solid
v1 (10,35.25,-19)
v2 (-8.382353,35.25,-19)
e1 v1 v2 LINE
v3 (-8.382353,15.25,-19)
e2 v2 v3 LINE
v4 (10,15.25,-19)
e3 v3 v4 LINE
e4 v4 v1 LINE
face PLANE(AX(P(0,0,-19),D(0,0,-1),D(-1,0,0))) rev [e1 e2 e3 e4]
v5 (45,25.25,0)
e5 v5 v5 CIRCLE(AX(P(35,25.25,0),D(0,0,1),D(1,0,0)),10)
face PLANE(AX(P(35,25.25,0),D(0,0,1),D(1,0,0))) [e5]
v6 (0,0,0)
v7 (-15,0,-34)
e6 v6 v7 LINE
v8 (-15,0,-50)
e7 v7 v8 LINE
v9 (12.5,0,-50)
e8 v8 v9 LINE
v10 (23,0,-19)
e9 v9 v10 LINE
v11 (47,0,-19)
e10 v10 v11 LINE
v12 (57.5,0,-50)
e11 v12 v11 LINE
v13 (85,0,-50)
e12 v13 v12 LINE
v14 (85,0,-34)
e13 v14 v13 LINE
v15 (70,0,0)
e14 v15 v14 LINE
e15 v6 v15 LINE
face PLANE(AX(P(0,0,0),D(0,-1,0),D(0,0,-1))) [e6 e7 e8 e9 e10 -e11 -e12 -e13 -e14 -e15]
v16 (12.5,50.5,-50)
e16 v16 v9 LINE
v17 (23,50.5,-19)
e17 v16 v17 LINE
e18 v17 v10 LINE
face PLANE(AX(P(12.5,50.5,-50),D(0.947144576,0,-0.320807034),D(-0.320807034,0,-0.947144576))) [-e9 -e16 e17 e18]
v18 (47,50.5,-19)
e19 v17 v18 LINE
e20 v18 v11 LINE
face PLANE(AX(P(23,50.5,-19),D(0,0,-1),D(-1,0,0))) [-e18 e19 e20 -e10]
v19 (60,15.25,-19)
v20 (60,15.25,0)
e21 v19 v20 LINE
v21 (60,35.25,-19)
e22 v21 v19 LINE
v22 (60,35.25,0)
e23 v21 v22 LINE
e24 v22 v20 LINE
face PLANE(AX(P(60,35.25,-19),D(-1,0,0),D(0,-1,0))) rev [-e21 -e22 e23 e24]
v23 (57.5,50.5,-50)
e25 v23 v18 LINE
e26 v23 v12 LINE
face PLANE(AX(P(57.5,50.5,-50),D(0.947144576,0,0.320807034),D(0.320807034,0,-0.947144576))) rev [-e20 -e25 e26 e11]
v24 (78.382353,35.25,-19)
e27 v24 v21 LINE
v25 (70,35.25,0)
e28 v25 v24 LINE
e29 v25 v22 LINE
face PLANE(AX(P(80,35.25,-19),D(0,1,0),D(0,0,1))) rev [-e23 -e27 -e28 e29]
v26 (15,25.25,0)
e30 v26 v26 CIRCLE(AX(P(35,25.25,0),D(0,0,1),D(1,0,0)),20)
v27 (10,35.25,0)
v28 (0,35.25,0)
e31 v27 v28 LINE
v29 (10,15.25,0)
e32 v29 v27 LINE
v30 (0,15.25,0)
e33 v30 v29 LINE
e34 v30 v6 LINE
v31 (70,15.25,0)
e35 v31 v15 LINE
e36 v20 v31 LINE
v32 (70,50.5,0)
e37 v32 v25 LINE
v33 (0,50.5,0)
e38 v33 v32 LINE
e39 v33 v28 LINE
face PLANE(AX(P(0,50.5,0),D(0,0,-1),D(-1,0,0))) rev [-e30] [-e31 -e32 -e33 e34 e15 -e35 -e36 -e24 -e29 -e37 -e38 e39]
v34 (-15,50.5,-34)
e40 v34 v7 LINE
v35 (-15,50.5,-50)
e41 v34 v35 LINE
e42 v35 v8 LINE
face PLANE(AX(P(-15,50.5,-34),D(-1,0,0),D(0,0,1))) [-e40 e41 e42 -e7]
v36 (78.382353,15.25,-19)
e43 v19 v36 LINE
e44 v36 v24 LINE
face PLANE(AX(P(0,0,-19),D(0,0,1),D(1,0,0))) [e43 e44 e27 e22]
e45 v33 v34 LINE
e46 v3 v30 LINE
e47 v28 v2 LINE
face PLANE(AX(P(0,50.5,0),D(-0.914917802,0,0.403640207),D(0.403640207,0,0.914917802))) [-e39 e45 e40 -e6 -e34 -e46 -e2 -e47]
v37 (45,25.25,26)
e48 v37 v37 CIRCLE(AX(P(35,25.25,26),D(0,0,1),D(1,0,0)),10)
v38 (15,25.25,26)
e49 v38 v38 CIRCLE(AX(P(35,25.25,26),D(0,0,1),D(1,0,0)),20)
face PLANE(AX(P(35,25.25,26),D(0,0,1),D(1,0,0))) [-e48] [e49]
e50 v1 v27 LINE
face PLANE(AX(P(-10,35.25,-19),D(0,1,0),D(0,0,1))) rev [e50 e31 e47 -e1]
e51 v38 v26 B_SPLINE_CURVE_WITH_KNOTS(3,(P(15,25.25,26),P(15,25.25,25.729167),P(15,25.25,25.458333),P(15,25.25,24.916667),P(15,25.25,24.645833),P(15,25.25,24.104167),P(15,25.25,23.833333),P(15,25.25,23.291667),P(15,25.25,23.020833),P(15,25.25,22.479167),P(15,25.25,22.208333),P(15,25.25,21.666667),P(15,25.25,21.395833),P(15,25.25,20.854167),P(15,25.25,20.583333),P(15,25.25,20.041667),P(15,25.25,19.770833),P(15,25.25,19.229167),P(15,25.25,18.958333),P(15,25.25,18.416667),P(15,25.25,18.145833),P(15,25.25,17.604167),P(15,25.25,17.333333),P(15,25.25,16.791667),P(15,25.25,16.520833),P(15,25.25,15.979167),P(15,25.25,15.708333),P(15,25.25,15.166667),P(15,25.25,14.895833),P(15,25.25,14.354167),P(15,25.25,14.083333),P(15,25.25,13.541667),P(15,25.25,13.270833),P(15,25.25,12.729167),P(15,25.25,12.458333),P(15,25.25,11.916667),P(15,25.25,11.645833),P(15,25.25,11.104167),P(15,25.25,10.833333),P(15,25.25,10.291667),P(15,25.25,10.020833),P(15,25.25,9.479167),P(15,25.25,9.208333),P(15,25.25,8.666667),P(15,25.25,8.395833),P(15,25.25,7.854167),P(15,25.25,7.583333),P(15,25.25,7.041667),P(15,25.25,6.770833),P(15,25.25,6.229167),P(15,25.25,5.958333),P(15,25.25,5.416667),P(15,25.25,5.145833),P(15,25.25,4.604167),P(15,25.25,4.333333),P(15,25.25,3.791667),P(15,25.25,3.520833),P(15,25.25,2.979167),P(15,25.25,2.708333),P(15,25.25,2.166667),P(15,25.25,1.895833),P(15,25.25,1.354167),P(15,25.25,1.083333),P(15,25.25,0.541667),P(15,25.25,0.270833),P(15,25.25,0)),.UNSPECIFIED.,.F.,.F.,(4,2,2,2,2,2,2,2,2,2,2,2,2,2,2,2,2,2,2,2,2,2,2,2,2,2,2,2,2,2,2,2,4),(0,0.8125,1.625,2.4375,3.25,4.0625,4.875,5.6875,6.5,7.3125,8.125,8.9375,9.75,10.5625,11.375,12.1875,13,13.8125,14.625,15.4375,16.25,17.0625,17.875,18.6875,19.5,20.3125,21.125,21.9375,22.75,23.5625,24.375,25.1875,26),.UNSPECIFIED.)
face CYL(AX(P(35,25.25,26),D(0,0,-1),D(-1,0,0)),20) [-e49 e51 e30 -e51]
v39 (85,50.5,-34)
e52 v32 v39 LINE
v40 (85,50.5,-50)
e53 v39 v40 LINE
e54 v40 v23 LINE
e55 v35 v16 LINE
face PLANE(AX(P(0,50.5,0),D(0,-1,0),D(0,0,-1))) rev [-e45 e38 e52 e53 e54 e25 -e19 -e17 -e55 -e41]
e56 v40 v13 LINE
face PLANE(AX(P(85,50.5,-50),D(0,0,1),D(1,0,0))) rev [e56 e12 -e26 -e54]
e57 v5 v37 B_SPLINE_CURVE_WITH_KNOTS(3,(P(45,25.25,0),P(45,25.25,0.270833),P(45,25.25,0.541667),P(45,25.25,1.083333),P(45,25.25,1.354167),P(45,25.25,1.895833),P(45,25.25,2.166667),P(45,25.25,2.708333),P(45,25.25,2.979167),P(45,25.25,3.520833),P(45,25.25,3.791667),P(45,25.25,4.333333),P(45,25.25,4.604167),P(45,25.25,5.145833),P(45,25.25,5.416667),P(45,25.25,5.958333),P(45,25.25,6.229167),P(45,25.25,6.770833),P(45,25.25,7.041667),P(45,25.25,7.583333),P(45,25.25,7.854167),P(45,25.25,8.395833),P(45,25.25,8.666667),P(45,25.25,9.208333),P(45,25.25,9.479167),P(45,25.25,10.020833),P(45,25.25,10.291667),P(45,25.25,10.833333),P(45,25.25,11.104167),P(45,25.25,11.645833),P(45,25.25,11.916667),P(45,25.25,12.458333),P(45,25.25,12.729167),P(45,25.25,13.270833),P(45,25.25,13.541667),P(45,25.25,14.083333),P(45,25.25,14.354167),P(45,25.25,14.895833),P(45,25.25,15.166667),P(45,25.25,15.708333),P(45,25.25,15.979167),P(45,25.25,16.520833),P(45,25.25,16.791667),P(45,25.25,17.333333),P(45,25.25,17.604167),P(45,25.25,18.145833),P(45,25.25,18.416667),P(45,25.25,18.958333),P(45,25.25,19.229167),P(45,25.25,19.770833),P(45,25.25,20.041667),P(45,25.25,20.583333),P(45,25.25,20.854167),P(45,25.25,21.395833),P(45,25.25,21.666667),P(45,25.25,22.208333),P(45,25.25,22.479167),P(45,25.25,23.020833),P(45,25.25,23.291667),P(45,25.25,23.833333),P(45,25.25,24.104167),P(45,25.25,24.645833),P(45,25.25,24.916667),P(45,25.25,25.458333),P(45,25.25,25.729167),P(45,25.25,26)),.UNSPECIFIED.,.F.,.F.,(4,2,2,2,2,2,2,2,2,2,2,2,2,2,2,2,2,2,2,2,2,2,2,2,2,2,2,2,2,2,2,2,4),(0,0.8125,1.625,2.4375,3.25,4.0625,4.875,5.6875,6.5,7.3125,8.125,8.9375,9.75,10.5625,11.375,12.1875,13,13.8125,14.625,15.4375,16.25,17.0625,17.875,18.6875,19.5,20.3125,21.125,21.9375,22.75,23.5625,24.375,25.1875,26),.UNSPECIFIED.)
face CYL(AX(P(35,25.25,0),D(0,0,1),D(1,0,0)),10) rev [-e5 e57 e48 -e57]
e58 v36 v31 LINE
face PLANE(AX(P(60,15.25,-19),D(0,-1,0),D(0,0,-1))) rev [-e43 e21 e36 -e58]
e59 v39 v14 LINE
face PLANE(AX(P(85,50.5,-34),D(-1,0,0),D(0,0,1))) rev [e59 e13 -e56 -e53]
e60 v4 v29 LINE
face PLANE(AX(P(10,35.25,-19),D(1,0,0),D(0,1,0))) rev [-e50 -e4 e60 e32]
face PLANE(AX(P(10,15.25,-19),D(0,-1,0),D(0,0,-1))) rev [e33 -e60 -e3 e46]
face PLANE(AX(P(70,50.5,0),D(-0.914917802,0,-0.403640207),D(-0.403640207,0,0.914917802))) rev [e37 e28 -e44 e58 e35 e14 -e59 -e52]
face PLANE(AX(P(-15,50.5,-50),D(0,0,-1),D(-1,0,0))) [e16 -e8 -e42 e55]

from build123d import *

# Parameters (mm, degrees)
BOSS_EXTRUDE3_DEPTH = 50.5
SKETCH6_R           = 20
BOSS_EXTRUDE4_DEPTH = 26
SKETCH7_R           = 10
CUT_EXTRUDE1_DEPTH  = 26
CUT_EXTRUDE2_DEPTH  = 19


with BuildPart() as part:
    # Sketch4 → Boss-Extrude3 (new body)
    with BuildSketch(Plane(origin=(0, 0, 0), x_dir=(1, 0, 0), z_dir=(0, 1, 0))):
        Polygon((0, 0), (70, 0), (85, 34), (85, 50), (57.5, 50), (47, 19), (23, 19), (12.5, 50), (-15, 50), (-15, 34), align=None)
    extrude(amount=BOSS_EXTRUDE3_DEPTH)

    # Sketch6 → Boss-Extrude4 (add)
    with BuildSketch(Plane.XY):
        with Locations(Location((35, 25.25, 0), (0, 0, 180))):
            Circle(SKETCH6_R)
    extrude(amount=BOSS_EXTRUDE4_DEPTH)

    # Sketch7 → Cut-Extrude1 (cut)
    with BuildSketch(Plane.XY.offset(26)):
        with Locations((35, 25.25)):
            Circle(SKETCH7_R)
    extrude(amount=-CUT_EXTRUDE1_DEPTH, mode=Mode.SUBTRACT)

    # Sketch8 → Cut-Extrude2 (cut)
    with BuildSketch(Plane.XY):
        Polygon((80, 25.855466689), (80, 35.25), (60, 35.25), (60, 15.25), (80, 15.25), align=None)
        Polygon((-10, 25.855466689), (-10, 35.25), (10, 35.25), (10, 15.25), (-10, 15.25), align=None)
    extrude(amount=-CUT_EXTRUDE2_DEPTH, mode=Mode.SUBTRACT)


solid = part.part
